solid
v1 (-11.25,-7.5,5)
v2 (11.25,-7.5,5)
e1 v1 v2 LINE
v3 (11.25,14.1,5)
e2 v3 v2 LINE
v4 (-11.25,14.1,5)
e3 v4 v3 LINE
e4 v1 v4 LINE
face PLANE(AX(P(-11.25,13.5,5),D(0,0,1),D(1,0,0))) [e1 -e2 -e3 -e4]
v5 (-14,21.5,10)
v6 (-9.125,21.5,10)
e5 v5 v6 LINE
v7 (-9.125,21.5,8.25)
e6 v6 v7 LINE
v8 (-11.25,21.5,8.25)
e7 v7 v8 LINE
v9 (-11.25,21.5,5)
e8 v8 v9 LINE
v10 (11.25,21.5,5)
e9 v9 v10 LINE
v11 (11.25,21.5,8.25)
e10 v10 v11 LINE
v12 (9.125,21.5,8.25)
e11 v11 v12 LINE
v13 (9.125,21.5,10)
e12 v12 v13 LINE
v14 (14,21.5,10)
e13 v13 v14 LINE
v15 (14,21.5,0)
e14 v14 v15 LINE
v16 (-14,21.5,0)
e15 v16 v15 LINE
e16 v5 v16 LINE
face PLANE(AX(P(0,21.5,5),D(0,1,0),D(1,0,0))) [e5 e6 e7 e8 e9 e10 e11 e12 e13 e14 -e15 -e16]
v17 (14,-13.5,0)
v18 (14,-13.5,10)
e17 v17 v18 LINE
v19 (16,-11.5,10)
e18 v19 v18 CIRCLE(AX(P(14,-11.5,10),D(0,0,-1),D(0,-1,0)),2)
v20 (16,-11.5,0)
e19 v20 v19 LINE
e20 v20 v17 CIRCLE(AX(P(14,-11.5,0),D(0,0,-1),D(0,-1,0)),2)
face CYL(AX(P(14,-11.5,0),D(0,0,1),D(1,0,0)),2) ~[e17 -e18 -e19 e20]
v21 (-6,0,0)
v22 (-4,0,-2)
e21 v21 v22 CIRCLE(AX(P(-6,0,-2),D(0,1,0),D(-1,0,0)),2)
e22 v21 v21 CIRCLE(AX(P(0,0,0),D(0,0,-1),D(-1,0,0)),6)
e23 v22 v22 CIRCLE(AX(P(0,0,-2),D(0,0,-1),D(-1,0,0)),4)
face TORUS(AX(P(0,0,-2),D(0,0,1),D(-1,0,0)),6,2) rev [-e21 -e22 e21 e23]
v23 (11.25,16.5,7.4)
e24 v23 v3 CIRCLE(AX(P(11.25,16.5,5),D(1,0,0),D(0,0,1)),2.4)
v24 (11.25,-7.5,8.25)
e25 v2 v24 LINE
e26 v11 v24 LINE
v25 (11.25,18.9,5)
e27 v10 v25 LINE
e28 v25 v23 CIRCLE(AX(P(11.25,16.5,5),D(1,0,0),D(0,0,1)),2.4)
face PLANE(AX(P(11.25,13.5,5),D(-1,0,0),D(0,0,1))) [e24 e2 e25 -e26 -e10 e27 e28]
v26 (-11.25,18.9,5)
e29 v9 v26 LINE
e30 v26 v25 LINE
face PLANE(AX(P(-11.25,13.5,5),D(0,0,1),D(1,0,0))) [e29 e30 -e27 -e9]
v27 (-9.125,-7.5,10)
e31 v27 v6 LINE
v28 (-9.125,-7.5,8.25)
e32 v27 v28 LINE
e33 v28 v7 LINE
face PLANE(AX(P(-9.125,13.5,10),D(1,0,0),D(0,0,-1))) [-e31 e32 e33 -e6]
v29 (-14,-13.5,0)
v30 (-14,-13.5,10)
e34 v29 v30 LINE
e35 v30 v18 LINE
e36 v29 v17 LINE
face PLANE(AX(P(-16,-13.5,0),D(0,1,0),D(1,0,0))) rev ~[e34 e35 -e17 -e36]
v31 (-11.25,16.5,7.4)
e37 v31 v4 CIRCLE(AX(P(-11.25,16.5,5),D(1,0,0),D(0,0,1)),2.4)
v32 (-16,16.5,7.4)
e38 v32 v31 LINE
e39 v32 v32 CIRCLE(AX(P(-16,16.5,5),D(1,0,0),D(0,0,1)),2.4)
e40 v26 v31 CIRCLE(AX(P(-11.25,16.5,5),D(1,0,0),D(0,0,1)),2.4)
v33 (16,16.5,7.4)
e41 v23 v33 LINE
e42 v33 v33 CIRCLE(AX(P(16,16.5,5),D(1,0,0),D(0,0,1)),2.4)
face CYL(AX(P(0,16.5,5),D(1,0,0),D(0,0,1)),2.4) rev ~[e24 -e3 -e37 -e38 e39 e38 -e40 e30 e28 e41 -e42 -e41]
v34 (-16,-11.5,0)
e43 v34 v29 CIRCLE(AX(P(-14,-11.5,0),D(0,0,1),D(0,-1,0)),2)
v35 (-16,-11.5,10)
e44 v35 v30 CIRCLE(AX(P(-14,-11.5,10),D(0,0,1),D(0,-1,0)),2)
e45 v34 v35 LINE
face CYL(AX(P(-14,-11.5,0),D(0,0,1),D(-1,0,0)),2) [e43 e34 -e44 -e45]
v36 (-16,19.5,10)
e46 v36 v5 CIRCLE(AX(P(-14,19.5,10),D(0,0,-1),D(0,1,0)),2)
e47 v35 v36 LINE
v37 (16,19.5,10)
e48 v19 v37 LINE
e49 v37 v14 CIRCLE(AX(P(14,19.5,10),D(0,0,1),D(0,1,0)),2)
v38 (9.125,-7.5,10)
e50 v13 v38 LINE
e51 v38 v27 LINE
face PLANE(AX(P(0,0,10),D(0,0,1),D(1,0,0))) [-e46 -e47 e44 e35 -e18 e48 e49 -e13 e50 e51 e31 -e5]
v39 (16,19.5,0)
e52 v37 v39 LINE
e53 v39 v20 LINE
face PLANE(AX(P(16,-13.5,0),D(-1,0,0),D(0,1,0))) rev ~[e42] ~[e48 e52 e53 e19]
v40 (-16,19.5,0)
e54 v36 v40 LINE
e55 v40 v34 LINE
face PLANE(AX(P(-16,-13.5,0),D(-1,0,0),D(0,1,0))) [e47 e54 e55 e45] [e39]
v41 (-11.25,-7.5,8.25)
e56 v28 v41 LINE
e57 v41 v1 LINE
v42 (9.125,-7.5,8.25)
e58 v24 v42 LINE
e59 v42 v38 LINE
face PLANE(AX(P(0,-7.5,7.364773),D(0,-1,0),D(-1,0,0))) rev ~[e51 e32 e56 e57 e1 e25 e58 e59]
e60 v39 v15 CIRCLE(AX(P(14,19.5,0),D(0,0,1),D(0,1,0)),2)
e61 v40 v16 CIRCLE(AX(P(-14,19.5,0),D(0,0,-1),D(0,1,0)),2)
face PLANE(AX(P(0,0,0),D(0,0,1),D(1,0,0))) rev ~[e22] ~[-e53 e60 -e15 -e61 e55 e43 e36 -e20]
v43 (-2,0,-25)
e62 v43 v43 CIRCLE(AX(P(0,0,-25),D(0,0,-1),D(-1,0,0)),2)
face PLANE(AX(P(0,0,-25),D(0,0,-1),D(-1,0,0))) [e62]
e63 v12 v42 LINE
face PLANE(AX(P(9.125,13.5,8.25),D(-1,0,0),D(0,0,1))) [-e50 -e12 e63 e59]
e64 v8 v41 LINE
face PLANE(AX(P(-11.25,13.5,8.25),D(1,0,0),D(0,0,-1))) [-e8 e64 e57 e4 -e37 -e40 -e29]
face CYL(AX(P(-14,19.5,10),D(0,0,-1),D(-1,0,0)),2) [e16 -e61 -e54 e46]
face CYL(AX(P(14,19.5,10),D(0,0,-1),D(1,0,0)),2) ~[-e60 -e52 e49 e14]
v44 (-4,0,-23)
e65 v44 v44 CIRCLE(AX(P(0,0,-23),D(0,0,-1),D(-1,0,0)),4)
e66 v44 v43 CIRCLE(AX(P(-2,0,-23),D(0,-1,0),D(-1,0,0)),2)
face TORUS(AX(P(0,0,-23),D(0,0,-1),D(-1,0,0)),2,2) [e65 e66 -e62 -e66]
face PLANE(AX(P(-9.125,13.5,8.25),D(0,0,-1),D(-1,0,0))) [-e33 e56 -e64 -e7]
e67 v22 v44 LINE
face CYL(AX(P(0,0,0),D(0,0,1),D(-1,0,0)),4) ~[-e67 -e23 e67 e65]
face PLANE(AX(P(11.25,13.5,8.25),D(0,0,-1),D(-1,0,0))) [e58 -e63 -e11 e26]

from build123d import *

# Parameters (mm, degrees)
SKETCH1_W               = 32
SKETCH1_H               = 27
BOSS_EXTRUDE1_DEPTH     = 10
SKETCH3_R               = 4
BOSS_EXTRUDE2_DEPTH     = 25
SKETCH4_W               = 32
SKETCH4_H               = 10
BOSS_EXTRUDE3_DEPTH     = 8
CUT_EXTRUDE4_DEPTH      = 9
CUT_EXTRUDE4_DEPTH_BACK = 21
SKETCH6_W               = 2.4
SKETCH6_H               = 32
FILLET1_R               = 2


with BuildPart() as part:
    # Sketch1 → Boss-Extrude1 (new body)
    with BuildSketch(Plane.XY):
        Rectangle(SKETCH1_W, SKETCH1_H)
    extrude(amount=BOSS_EXTRUDE1_DEPTH)

    # Sketch3 → Boss-Extrude2 (add)
    with BuildSketch(Plane(origin=(0, 0, 0), x_dir=(-1, 0, 0), z_dir=(0, 0, -1))):
        Circle(SKETCH3_R)
    extrude(amount=BOSS_EXTRUDE2_DEPTH)


with BuildPart() as body_2:
    # Sketch4 → Boss-Extrude3 (new body)
    with BuildSketch(Plane(origin=(0, 13.5, 0), x_dir=(1, 0, 0), z_dir=(0, 1, 0))):
        with Locations((0, -5)):
            Rectangle(SKETCH4_W, SKETCH4_H)
    extrude(amount=BOSS_EXTRUDE3_DEPTH)


with BuildPart() as cut_extrude4_tool:
    # Sketch2 → Cut-Extrude4 (new body, two sides)
    with BuildSketch(Plane(origin=(0, 13.5, 0), x_dir=(1, 0, 0), z_dir=(0, 1, 0))) as cut_extrude4_sk:
        Polygon((-9.125, -10), (-9.125, -8.25), (-11.25, -8.25), (-11.25, -5), (11.25, -5), (11.25, -8.25), (9.125, -8.25), (9.125, -10), align=None)
    extrude(amount=CUT_EXTRUDE4_DEPTH)
    extrude(cut_extrude4_sk.sketch, amount=-CUT_EXTRUDE4_DEPTH_BACK)


with BuildPart() as part_1:
    add(part.part)

    # Cut-Extrude4: cut by cut_extrude4_tool
    add(cut_extrude4_tool.part, mode=Mode.SUBTRACT)


with BuildPart() as body_2_1:
    add(body_2.part)

    # Cut-Extrude4: cut by cut_extrude4_tool
    add(cut_extrude4_tool.part, mode=Mode.SUBTRACT)

    # Sketch6 → M4 Clearance Hole1 (revolve, cut)
    with BuildSketch(Plane(origin=(-16, 16.5, 5), x_dir=(0, 0, 1), z_dir=(0, 1, 0))):
        with Locations((1.2, 16)):
            Rectangle(SKETCH6_W, SKETCH6_H)
    revolve(axis=Axis((-22.35, 16.5, 5), (1, 0, 0)), mode=Mode.SUBTRACT)

    # Combine1: union part
    add(part_1.part)

    # Fillet1
    fillet1_edges = [body_2_1.edges().sort_by_distance(p)[0] for p in [
        (16, 21.5, 5),
        (-16, 21.5, 5),
        (-16, -13.5, 5),
        (16, -13.5, 5),
        (4, 0, 0),
        (4, 0, -25),
    ]]
    fillet(fillet1_edges, radius=FILLET1_R)


solid = body_2_1.part
